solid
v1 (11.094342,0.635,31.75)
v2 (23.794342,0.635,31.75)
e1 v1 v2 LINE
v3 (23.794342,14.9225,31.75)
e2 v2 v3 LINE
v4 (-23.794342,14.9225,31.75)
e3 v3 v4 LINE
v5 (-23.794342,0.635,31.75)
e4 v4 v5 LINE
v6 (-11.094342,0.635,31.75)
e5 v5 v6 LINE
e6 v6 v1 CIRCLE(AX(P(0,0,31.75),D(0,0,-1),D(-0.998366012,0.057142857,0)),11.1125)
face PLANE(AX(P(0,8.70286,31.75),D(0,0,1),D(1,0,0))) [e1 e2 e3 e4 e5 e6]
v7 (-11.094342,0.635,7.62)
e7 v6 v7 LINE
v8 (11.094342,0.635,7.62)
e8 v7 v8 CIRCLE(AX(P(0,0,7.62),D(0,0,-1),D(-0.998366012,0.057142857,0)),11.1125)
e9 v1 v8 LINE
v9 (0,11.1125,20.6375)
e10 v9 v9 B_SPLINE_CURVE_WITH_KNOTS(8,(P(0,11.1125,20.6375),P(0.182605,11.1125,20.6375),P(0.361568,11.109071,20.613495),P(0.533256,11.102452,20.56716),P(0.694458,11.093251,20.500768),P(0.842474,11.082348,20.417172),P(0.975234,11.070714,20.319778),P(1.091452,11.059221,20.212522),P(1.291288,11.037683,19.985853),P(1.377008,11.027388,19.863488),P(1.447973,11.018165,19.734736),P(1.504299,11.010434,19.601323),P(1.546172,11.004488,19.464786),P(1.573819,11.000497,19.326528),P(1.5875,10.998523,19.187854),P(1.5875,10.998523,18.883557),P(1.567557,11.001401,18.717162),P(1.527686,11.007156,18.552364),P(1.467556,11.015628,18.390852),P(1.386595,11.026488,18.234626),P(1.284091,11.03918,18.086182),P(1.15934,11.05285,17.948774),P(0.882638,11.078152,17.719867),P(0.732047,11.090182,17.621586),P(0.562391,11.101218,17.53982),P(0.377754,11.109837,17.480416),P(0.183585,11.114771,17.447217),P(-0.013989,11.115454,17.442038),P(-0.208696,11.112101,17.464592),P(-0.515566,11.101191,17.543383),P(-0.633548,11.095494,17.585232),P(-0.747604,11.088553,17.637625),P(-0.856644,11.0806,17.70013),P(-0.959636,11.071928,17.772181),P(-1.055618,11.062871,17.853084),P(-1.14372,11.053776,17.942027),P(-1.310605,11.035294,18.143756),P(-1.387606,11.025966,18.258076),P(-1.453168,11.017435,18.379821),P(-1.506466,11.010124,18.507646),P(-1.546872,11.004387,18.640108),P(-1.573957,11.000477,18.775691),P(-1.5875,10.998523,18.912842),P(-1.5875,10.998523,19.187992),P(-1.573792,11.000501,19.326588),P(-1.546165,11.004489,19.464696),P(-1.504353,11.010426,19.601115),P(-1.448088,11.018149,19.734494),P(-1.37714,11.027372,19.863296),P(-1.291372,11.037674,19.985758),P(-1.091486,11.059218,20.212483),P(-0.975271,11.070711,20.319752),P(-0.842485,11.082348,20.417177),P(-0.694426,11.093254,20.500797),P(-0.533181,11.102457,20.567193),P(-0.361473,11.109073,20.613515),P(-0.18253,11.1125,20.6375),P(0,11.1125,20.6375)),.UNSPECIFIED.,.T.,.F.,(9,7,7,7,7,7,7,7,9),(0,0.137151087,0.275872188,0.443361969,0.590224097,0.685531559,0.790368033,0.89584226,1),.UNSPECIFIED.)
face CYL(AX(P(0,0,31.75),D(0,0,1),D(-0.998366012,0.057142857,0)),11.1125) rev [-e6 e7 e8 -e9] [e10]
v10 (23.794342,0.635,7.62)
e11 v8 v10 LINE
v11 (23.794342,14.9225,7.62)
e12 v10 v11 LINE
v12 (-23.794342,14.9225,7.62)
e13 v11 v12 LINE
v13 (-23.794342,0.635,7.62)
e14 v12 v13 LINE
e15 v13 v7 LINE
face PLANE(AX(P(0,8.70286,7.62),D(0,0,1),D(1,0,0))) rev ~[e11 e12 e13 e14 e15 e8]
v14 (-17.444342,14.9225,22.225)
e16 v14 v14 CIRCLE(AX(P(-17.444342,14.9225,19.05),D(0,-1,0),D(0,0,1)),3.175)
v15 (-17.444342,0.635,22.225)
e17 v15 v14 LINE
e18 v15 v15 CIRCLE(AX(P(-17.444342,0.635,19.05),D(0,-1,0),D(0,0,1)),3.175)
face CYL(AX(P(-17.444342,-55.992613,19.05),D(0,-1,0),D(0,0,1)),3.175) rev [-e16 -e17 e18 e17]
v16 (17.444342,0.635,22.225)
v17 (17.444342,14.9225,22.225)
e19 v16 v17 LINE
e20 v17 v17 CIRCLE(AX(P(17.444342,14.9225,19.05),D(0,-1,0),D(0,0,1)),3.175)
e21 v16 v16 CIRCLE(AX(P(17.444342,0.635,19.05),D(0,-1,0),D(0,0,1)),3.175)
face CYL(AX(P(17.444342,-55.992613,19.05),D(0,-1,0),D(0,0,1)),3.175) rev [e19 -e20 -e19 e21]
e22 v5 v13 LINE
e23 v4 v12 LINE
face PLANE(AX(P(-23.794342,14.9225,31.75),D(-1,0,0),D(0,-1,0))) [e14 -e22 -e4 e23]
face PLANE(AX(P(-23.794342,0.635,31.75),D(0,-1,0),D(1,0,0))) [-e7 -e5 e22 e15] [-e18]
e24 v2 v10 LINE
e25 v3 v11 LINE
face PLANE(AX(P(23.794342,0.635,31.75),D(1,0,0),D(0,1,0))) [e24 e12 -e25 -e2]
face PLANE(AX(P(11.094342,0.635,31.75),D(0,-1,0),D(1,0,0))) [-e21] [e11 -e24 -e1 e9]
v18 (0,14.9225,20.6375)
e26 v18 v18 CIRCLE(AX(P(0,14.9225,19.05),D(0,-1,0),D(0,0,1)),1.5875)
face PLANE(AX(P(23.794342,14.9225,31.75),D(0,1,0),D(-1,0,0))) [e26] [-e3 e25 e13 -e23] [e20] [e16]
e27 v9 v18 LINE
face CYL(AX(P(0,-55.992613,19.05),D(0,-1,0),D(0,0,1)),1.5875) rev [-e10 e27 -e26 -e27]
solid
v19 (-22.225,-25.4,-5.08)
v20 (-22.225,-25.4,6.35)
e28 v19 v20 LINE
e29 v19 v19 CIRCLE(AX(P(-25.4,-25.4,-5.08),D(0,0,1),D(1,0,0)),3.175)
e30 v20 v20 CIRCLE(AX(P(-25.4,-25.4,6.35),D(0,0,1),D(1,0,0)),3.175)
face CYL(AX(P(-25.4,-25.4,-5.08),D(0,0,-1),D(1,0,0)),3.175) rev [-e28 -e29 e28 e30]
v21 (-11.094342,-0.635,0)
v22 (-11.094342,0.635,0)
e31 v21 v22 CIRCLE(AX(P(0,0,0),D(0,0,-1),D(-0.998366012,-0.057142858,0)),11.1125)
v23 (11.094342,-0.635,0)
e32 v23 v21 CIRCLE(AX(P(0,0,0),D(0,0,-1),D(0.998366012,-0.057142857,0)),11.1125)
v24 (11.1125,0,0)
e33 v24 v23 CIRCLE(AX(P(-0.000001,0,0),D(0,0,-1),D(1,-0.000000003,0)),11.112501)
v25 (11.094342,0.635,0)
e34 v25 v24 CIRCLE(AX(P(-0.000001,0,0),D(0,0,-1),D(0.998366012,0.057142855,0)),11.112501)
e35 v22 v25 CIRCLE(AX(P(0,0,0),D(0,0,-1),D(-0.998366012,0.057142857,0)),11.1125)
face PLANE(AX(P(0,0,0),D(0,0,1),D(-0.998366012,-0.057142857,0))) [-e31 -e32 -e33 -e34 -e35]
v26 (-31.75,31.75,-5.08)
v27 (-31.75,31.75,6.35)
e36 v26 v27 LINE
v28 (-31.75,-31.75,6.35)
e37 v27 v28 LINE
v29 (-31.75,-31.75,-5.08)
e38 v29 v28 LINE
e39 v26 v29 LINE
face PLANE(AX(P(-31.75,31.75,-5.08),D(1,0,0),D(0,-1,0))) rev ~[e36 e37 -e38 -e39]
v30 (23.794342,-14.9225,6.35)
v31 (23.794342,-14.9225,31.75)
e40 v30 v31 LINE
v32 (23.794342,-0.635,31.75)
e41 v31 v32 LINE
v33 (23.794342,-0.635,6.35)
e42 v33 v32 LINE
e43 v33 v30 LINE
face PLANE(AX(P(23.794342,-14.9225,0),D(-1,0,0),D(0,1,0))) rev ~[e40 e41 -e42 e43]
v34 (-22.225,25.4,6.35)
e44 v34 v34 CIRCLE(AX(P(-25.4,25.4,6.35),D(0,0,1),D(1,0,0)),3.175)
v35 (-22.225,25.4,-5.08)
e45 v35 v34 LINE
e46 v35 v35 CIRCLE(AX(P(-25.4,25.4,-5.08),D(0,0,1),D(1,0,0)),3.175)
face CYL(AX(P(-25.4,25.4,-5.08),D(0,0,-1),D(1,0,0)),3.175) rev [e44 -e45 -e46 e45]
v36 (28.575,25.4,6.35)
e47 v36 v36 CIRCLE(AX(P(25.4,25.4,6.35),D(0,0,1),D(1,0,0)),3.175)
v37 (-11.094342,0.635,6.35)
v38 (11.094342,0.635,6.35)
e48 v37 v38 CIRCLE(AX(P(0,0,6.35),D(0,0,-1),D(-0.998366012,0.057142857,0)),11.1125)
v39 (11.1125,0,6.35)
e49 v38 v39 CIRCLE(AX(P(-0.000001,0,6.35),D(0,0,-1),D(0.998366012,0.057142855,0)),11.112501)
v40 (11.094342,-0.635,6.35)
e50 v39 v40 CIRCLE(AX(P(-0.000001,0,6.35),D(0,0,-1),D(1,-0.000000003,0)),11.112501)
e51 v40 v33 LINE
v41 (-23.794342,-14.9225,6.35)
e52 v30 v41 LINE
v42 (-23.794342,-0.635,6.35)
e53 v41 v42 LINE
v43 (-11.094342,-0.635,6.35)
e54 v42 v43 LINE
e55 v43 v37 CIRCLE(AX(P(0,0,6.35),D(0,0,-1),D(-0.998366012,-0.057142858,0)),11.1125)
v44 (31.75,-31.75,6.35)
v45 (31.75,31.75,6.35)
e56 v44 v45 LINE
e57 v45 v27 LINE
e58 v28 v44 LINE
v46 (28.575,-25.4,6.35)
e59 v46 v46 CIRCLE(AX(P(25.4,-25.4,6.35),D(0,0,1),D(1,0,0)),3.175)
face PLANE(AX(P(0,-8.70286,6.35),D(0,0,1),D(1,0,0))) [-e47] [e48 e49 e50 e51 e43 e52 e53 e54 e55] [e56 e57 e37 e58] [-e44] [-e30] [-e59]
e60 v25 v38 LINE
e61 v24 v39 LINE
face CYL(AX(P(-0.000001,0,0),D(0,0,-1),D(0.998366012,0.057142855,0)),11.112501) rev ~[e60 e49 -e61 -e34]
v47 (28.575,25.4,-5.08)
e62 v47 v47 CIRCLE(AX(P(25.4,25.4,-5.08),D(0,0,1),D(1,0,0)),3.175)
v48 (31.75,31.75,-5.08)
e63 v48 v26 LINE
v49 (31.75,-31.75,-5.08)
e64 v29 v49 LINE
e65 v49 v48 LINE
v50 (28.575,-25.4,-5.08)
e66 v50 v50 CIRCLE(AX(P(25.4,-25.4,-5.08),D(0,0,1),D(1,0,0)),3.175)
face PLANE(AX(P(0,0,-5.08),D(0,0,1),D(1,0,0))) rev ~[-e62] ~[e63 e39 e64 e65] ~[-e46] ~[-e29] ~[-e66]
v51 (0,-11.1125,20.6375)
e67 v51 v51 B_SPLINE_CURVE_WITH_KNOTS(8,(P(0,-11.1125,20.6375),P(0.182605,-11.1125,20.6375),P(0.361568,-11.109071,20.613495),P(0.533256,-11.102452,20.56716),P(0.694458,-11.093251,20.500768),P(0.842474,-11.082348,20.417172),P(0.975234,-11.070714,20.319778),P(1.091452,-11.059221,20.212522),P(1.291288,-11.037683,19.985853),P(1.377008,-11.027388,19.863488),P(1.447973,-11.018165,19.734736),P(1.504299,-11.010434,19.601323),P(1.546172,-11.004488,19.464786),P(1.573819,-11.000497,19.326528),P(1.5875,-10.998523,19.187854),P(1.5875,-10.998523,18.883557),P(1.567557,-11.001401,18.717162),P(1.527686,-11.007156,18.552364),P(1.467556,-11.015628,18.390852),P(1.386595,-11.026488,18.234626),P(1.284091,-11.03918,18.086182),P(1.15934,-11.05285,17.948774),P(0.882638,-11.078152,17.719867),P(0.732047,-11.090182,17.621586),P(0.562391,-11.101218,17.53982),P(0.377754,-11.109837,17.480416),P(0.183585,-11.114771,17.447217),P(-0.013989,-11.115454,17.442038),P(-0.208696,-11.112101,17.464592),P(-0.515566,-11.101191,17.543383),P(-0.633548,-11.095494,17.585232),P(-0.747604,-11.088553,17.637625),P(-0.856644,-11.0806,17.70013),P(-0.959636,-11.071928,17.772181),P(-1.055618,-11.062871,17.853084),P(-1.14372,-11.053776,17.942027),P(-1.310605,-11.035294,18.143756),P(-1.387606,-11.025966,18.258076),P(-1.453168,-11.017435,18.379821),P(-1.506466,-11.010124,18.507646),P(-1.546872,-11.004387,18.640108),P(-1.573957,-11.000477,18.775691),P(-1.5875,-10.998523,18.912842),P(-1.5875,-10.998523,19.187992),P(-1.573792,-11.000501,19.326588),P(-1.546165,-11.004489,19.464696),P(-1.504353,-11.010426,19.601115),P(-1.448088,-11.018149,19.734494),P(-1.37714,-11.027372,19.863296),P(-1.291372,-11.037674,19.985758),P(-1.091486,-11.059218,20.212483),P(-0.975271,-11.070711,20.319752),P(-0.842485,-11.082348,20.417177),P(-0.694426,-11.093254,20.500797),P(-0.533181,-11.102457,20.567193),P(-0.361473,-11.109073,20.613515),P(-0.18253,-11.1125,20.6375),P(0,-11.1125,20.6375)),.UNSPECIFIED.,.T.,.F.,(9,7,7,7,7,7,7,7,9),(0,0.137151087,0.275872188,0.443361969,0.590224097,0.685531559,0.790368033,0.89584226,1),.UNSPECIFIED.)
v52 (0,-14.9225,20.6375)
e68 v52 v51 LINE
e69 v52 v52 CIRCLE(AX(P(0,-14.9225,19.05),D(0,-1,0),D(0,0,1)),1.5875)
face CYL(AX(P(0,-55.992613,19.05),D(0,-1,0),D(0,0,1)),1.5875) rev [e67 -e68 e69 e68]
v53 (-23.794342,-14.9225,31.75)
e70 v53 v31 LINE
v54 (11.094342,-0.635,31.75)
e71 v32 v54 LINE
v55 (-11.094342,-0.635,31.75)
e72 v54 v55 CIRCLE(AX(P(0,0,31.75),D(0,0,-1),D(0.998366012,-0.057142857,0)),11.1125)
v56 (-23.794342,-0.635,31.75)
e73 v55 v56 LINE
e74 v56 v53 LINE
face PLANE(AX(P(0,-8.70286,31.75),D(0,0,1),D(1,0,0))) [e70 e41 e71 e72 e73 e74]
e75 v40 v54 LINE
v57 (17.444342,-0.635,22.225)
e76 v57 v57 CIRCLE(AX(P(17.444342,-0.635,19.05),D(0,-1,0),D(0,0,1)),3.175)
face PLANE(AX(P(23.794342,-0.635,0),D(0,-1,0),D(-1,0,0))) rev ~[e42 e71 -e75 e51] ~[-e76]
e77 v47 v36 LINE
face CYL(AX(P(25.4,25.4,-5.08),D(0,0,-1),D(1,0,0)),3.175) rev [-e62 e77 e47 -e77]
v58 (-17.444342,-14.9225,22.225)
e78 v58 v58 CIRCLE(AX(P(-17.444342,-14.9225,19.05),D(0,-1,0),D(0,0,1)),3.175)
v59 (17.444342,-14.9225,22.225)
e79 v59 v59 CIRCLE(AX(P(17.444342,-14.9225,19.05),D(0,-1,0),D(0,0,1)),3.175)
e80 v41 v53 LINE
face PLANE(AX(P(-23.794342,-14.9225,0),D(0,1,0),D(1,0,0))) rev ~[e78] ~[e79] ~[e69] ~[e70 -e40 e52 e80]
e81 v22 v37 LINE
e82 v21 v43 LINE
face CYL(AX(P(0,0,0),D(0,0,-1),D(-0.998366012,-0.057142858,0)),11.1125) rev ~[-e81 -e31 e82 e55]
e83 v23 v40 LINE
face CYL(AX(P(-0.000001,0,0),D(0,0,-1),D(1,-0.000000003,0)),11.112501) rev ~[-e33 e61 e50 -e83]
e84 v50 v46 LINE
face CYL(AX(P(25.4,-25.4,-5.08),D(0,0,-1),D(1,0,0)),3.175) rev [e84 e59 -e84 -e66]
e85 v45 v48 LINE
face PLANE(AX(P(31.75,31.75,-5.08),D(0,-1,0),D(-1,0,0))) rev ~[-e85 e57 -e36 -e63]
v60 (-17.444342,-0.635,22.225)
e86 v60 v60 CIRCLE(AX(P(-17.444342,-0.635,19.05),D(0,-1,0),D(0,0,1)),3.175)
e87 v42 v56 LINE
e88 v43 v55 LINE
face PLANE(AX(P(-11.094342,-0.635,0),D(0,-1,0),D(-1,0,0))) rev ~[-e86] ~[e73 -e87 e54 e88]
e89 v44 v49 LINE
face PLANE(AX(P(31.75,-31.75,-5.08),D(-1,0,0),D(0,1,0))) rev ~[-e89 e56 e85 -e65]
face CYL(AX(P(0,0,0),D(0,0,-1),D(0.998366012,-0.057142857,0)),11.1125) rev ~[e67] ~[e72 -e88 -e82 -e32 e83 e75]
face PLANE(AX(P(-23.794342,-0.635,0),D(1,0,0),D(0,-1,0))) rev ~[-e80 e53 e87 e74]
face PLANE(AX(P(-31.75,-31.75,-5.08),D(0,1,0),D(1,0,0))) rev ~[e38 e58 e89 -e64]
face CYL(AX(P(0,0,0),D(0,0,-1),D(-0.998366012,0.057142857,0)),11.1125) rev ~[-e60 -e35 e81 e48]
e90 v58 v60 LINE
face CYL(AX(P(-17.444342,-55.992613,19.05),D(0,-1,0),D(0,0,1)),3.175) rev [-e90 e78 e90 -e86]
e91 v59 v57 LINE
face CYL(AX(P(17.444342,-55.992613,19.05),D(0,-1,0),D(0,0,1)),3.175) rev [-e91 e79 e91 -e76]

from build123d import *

# Parameters (mm, degrees)
SKETCH1_R               = 3.175
BOSS_EXTRUDE1_DEPTH     = 6.35
BOSS_EXTRUDE2_DEPTH     = 31.75
BOSS_EXTRUDE3_START     = 31.75
BOSS_EXTRUDE3_DEPTH     = 24.13
CUT_EXTRUDE1_DEPTH      = 55.99261314
CUT_EXTRUDE1_DEPTH_BACK = 55.99261314
SKETCH2_R               = 3.175
SKETCH2_R_2             = 1.5875
BOSS_EXTRUDE4_START     = -5.08
SKETCH1_5_R             = 3.175
SKETCH1_5_R_2           = 11.1125
BOSS_EXTRUDE4_DEPTH     = 5.08


with BuildPart() as part:
    # Sketch1 → Boss-Extrude1 (new body)
    # profile 1 of 3: a face of its own
    with BuildSketch(Plane.XY):
        Polygon((31.75, 31.75), (-31.75, 31.75), (-31.75, 0), (-31.75, -0.635), (-31.75, -31.75), (31.75, -31.75), align=None)
        with Locations((-25.4, -25.4)):
            Circle(SKETCH1_R, mode=Mode.SUBTRACT)
        with Locations((25.4, -25.4)):
            Circle(SKETCH1_R, mode=Mode.SUBTRACT)
        with Locations((-25.4, 25.4)):
            Circle(SKETCH1_R, mode=Mode.SUBTRACT)
        with BuildLine():
            Line((-23.794342308, -0.635), (-11.094342308, -0.635))
            ThreePointArc((-11.094342308, -0.635), (-11.1125, 0), (-11.094342308, 0.635))
            Line((-11.094342308, 0.635), (-23.794342308, 0.635))
            Line((-23.794342308, 0.635), (-23.794342308, 14.9225))
            Line((-23.794342308, 14.9225), (23.794342308, 14.9225))
            Line((23.794342308, 14.9225), (23.794342308, 0.635))
            Line((23.794342308, 0.635), (11.094342308, 0.635))
            ThreePointArc((11.094342308, 0.635), (11.107959649, 0.317629777), (11.1125, 0))
            ThreePointArc((11.1125, 0), (11.107959649, -0.317629777), (11.094342308, -0.635))
            Line((11.094342308, -0.635), (23.794342308, -0.635))
            Line((23.794342308, -0.635), (23.794342308, -14.9225))
            Line((23.794342308, -14.9225), (-23.794342308, -14.9225))
            Line((-23.794342308, -14.9225), (-23.794342308, -0.635))
        make_face(mode=Mode.SUBTRACT)
        with Locations((25.4, 25.4)):
            Circle(SKETCH1_R, mode=Mode.SUBTRACT)
    # profile 2 of 3: a face of its own
    with BuildSketch(Plane.XY):
        with BuildLine():
            Line((-23.794342308, 0.635), (-11.094342308, 0.635))
            ThreePointArc((-11.094342308, 0.635), (0, 11.1125), (11.094342308, 0.635))
            Line((11.094342308, 0.635), (23.794342308, 0.635))
            Line((23.794342308, 0.635), (23.794342308, 14.9225))
            Line((23.794342308, 14.9225), (-23.794342308, 14.9225))
            Line((-23.794342308, 14.9225), (-23.794342308, 0.635))
        make_face()
    # profile 3 of 3: a face of its own
    with BuildSketch(Plane.XY):
        with BuildLine():
            ThreePointArc((11.094342308, -0.635), (0, -11.1125), (-11.094342308, -0.635))
            Line((-11.094342308, -0.635), (-23.794342308, -0.635))
            Line((-23.794342308, -0.635), (-23.794342308, -14.9225))
            Line((-23.794342308, -14.9225), (23.794342308, -14.9225))
            Line((23.794342308, -14.9225), (23.794342308, -0.635))
            Line((23.794342308, -0.635), (11.094342308, -0.635))
        make_face()
    extrude(amount=BOSS_EXTRUDE1_DEPTH)

    # Sketch1<3> → Boss-Extrude2 (add)
    with BuildSketch(Plane.XY):
        with BuildLine():
            ThreePointArc((11.094342308, -0.635), (0, -11.1125), (-11.094342308, -0.635))
            Line((-11.094342308, -0.635), (-23.794342308, -0.635))
            Line((-23.794342308, -0.635), (-23.794342308, -14.9225))
            Line((-23.794342308, -14.9225), (23.794342308, -14.9225))
            Line((23.794342308, -14.9225), (23.794342308, -0.635))
            Line((23.794342308, -0.635), (11.094342308, -0.635))
        make_face()
    extrude(amount=BOSS_EXTRUDE2_DEPTH)


with BuildPart() as body_2:
    # Sketch1<4> → Boss-Extrude3 (new body)
    with BuildSketch(Plane.XY.offset(BOSS_EXTRUDE3_START)):
        with BuildLine():
            Line((-23.794342308, 0.635), (-11.094342308, 0.635))
            ThreePointArc((-11.094342308, 0.635), (0, 11.1125), (11.094342308, 0.635))
            Line((11.094342308, 0.635), (23.794342308, 0.635))
            Line((23.794342308, 0.635), (23.794342308, 14.9225))
            Line((23.794342308, 14.9225), (-23.794342308, 14.9225))
            Line((-23.794342308, 14.9225), (-23.794342308, 0.635))
        make_face()
    extrude(amount=-BOSS_EXTRUDE3_DEPTH)


with BuildPart() as cut_extrude1_tool:
    # Sketch2 → Cut-Extrude1 (new, two sides: drawn at the far end of the back side and taken through both)
    with BuildSketch(Plane(origin=(0, 0, 0), x_dir=(1, 0, 0), z_dir=(0, 1, 0)).offset(-CUT_EXTRUDE1_DEPTH_BACK)):
        with Locations(Location((17.444342308, -19.05, 0), (0, 0, 270))):
            Circle(SKETCH2_R)
        with Locations(Location((-17.444342308, -19.05, 0), (0, 0, 270))):
            Circle(SKETCH2_R)
        with Locations(Location((0, -19.05, 0), (0, 0, 270))):
            Circle(SKETCH2_R_2)
    extrude(amount=CUT_EXTRUDE1_DEPTH + CUT_EXTRUDE1_DEPTH_BACK)


with BuildPart() as part_1:
    add(part.part)

    # Cut-Extrude1: cut by cut_extrude1_tool
    add(cut_extrude1_tool.part, mode=Mode.SUBTRACT)

    # Sketch1<5> → Boss-Extrude4 (add)
    # profile 1 of 4: a face of its own
    with BuildSketch(Plane.XY.offset(BOSS_EXTRUDE4_START)):
        Polygon((31.75, 31.75), (-31.75, 31.75), (-31.75, 0), (-31.75, -0.635), (-31.75, -31.75), (31.75, -31.75), align=None)
        with Locations((-25.4, -25.4)):
            Circle(SKETCH1_5_R, mode=Mode.SUBTRACT)
        with Locations((25.4, -25.4)):
            Circle(SKETCH1_5_R, mode=Mode.SUBTRACT)
        with Locations((-25.4, 25.4)):
            Circle(SKETCH1_5_R, mode=Mode.SUBTRACT)
        with BuildLine():
            Line((-23.794342308, -0.635), (-11.094342308, -0.635))
            ThreePointArc((-11.094342308, -0.635), (-11.1125, 0), (-11.094342308, 0.635))
            Line((-11.094342308, 0.635), (-23.794342308, 0.635))
            Line((-23.794342308, 0.635), (-23.794342308, 14.9225))
            Line((-23.794342308, 14.9225), (23.794342308, 14.9225))
            Line((23.794342308, 14.9225), (23.794342308, 0.635))
            Line((23.794342308, 0.635), (11.094342308, 0.635))
            ThreePointArc((11.094342308, 0.635), (11.107959649, 0.317629777), (11.1125, 0))
            ThreePointArc((11.1125, 0), (11.107959649, -0.317629777), (11.094342308, -0.635))
            Line((11.094342308, -0.635), (23.794342308, -0.635))
            Line((23.794342308, -0.635), (23.794342308, -14.9225))
            Line((23.794342308, -14.9225), (-23.794342308, -14.9225))
            Line((-23.794342308, -14.9225), (-23.794342308, -0.635))
        make_face(mode=Mode.SUBTRACT)
        with Locations((25.4, 25.4)):
            Circle(SKETCH1_5_R, mode=Mode.SUBTRACT)
    # profile 2 of 4: a face of its own
    with BuildSketch(Plane.XY.offset(BOSS_EXTRUDE4_START)):
        with BuildLine():
            Line((-23.794342308, 0.635), (-11.094342308, 0.635))
            ThreePointArc((-11.094342308, 0.635), (0, 11.1125), (11.094342308, 0.635))
            Line((11.094342308, 0.635), (23.794342308, 0.635))
            Line((23.794342308, 0.635), (23.794342308, 14.9225))
            Line((23.794342308, 14.9225), (-23.794342308, 14.9225))
            Line((-23.794342308, 14.9225), (-23.794342308, 0.635))
        make_face()
    # profile 3 of 4: a face of its own
    with BuildSketch(Plane.XY.offset(BOSS_EXTRUDE4_START)):
        with Locations(Location((0, 0, 0), (0, 0, 183.27582896))):
            Circle(SKETCH1_5_R_2)
    # profile 4 of 4: a face of its own
    with BuildSketch(Plane.XY.offset(BOSS_EXTRUDE4_START)):
        with BuildLine():
            ThreePointArc((11.094342308, -0.635), (0, -11.1125), (-11.094342308, -0.635))
            Line((-11.094342308, -0.635), (-23.794342308, -0.635))
            Line((-23.794342308, -0.635), (-23.794342308, -14.9225))
            Line((-23.794342308, -14.9225), (23.794342308, -14.9225))
            Line((23.794342308, -14.9225), (23.794342308, -0.635))
            Line((23.794342308, -0.635), (11.094342308, -0.635))
        make_face()
    extrude(amount=BOSS_EXTRUDE4_DEPTH)


with BuildPart() as body_2_1:
    add(body_2.part)

    # Cut-Extrude1: cut by cut_extrude1_tool
    add(cut_extrude1_tool.part, mode=Mode.SUBTRACT)


solid = Compound([part_1.part, body_2_1.part])
